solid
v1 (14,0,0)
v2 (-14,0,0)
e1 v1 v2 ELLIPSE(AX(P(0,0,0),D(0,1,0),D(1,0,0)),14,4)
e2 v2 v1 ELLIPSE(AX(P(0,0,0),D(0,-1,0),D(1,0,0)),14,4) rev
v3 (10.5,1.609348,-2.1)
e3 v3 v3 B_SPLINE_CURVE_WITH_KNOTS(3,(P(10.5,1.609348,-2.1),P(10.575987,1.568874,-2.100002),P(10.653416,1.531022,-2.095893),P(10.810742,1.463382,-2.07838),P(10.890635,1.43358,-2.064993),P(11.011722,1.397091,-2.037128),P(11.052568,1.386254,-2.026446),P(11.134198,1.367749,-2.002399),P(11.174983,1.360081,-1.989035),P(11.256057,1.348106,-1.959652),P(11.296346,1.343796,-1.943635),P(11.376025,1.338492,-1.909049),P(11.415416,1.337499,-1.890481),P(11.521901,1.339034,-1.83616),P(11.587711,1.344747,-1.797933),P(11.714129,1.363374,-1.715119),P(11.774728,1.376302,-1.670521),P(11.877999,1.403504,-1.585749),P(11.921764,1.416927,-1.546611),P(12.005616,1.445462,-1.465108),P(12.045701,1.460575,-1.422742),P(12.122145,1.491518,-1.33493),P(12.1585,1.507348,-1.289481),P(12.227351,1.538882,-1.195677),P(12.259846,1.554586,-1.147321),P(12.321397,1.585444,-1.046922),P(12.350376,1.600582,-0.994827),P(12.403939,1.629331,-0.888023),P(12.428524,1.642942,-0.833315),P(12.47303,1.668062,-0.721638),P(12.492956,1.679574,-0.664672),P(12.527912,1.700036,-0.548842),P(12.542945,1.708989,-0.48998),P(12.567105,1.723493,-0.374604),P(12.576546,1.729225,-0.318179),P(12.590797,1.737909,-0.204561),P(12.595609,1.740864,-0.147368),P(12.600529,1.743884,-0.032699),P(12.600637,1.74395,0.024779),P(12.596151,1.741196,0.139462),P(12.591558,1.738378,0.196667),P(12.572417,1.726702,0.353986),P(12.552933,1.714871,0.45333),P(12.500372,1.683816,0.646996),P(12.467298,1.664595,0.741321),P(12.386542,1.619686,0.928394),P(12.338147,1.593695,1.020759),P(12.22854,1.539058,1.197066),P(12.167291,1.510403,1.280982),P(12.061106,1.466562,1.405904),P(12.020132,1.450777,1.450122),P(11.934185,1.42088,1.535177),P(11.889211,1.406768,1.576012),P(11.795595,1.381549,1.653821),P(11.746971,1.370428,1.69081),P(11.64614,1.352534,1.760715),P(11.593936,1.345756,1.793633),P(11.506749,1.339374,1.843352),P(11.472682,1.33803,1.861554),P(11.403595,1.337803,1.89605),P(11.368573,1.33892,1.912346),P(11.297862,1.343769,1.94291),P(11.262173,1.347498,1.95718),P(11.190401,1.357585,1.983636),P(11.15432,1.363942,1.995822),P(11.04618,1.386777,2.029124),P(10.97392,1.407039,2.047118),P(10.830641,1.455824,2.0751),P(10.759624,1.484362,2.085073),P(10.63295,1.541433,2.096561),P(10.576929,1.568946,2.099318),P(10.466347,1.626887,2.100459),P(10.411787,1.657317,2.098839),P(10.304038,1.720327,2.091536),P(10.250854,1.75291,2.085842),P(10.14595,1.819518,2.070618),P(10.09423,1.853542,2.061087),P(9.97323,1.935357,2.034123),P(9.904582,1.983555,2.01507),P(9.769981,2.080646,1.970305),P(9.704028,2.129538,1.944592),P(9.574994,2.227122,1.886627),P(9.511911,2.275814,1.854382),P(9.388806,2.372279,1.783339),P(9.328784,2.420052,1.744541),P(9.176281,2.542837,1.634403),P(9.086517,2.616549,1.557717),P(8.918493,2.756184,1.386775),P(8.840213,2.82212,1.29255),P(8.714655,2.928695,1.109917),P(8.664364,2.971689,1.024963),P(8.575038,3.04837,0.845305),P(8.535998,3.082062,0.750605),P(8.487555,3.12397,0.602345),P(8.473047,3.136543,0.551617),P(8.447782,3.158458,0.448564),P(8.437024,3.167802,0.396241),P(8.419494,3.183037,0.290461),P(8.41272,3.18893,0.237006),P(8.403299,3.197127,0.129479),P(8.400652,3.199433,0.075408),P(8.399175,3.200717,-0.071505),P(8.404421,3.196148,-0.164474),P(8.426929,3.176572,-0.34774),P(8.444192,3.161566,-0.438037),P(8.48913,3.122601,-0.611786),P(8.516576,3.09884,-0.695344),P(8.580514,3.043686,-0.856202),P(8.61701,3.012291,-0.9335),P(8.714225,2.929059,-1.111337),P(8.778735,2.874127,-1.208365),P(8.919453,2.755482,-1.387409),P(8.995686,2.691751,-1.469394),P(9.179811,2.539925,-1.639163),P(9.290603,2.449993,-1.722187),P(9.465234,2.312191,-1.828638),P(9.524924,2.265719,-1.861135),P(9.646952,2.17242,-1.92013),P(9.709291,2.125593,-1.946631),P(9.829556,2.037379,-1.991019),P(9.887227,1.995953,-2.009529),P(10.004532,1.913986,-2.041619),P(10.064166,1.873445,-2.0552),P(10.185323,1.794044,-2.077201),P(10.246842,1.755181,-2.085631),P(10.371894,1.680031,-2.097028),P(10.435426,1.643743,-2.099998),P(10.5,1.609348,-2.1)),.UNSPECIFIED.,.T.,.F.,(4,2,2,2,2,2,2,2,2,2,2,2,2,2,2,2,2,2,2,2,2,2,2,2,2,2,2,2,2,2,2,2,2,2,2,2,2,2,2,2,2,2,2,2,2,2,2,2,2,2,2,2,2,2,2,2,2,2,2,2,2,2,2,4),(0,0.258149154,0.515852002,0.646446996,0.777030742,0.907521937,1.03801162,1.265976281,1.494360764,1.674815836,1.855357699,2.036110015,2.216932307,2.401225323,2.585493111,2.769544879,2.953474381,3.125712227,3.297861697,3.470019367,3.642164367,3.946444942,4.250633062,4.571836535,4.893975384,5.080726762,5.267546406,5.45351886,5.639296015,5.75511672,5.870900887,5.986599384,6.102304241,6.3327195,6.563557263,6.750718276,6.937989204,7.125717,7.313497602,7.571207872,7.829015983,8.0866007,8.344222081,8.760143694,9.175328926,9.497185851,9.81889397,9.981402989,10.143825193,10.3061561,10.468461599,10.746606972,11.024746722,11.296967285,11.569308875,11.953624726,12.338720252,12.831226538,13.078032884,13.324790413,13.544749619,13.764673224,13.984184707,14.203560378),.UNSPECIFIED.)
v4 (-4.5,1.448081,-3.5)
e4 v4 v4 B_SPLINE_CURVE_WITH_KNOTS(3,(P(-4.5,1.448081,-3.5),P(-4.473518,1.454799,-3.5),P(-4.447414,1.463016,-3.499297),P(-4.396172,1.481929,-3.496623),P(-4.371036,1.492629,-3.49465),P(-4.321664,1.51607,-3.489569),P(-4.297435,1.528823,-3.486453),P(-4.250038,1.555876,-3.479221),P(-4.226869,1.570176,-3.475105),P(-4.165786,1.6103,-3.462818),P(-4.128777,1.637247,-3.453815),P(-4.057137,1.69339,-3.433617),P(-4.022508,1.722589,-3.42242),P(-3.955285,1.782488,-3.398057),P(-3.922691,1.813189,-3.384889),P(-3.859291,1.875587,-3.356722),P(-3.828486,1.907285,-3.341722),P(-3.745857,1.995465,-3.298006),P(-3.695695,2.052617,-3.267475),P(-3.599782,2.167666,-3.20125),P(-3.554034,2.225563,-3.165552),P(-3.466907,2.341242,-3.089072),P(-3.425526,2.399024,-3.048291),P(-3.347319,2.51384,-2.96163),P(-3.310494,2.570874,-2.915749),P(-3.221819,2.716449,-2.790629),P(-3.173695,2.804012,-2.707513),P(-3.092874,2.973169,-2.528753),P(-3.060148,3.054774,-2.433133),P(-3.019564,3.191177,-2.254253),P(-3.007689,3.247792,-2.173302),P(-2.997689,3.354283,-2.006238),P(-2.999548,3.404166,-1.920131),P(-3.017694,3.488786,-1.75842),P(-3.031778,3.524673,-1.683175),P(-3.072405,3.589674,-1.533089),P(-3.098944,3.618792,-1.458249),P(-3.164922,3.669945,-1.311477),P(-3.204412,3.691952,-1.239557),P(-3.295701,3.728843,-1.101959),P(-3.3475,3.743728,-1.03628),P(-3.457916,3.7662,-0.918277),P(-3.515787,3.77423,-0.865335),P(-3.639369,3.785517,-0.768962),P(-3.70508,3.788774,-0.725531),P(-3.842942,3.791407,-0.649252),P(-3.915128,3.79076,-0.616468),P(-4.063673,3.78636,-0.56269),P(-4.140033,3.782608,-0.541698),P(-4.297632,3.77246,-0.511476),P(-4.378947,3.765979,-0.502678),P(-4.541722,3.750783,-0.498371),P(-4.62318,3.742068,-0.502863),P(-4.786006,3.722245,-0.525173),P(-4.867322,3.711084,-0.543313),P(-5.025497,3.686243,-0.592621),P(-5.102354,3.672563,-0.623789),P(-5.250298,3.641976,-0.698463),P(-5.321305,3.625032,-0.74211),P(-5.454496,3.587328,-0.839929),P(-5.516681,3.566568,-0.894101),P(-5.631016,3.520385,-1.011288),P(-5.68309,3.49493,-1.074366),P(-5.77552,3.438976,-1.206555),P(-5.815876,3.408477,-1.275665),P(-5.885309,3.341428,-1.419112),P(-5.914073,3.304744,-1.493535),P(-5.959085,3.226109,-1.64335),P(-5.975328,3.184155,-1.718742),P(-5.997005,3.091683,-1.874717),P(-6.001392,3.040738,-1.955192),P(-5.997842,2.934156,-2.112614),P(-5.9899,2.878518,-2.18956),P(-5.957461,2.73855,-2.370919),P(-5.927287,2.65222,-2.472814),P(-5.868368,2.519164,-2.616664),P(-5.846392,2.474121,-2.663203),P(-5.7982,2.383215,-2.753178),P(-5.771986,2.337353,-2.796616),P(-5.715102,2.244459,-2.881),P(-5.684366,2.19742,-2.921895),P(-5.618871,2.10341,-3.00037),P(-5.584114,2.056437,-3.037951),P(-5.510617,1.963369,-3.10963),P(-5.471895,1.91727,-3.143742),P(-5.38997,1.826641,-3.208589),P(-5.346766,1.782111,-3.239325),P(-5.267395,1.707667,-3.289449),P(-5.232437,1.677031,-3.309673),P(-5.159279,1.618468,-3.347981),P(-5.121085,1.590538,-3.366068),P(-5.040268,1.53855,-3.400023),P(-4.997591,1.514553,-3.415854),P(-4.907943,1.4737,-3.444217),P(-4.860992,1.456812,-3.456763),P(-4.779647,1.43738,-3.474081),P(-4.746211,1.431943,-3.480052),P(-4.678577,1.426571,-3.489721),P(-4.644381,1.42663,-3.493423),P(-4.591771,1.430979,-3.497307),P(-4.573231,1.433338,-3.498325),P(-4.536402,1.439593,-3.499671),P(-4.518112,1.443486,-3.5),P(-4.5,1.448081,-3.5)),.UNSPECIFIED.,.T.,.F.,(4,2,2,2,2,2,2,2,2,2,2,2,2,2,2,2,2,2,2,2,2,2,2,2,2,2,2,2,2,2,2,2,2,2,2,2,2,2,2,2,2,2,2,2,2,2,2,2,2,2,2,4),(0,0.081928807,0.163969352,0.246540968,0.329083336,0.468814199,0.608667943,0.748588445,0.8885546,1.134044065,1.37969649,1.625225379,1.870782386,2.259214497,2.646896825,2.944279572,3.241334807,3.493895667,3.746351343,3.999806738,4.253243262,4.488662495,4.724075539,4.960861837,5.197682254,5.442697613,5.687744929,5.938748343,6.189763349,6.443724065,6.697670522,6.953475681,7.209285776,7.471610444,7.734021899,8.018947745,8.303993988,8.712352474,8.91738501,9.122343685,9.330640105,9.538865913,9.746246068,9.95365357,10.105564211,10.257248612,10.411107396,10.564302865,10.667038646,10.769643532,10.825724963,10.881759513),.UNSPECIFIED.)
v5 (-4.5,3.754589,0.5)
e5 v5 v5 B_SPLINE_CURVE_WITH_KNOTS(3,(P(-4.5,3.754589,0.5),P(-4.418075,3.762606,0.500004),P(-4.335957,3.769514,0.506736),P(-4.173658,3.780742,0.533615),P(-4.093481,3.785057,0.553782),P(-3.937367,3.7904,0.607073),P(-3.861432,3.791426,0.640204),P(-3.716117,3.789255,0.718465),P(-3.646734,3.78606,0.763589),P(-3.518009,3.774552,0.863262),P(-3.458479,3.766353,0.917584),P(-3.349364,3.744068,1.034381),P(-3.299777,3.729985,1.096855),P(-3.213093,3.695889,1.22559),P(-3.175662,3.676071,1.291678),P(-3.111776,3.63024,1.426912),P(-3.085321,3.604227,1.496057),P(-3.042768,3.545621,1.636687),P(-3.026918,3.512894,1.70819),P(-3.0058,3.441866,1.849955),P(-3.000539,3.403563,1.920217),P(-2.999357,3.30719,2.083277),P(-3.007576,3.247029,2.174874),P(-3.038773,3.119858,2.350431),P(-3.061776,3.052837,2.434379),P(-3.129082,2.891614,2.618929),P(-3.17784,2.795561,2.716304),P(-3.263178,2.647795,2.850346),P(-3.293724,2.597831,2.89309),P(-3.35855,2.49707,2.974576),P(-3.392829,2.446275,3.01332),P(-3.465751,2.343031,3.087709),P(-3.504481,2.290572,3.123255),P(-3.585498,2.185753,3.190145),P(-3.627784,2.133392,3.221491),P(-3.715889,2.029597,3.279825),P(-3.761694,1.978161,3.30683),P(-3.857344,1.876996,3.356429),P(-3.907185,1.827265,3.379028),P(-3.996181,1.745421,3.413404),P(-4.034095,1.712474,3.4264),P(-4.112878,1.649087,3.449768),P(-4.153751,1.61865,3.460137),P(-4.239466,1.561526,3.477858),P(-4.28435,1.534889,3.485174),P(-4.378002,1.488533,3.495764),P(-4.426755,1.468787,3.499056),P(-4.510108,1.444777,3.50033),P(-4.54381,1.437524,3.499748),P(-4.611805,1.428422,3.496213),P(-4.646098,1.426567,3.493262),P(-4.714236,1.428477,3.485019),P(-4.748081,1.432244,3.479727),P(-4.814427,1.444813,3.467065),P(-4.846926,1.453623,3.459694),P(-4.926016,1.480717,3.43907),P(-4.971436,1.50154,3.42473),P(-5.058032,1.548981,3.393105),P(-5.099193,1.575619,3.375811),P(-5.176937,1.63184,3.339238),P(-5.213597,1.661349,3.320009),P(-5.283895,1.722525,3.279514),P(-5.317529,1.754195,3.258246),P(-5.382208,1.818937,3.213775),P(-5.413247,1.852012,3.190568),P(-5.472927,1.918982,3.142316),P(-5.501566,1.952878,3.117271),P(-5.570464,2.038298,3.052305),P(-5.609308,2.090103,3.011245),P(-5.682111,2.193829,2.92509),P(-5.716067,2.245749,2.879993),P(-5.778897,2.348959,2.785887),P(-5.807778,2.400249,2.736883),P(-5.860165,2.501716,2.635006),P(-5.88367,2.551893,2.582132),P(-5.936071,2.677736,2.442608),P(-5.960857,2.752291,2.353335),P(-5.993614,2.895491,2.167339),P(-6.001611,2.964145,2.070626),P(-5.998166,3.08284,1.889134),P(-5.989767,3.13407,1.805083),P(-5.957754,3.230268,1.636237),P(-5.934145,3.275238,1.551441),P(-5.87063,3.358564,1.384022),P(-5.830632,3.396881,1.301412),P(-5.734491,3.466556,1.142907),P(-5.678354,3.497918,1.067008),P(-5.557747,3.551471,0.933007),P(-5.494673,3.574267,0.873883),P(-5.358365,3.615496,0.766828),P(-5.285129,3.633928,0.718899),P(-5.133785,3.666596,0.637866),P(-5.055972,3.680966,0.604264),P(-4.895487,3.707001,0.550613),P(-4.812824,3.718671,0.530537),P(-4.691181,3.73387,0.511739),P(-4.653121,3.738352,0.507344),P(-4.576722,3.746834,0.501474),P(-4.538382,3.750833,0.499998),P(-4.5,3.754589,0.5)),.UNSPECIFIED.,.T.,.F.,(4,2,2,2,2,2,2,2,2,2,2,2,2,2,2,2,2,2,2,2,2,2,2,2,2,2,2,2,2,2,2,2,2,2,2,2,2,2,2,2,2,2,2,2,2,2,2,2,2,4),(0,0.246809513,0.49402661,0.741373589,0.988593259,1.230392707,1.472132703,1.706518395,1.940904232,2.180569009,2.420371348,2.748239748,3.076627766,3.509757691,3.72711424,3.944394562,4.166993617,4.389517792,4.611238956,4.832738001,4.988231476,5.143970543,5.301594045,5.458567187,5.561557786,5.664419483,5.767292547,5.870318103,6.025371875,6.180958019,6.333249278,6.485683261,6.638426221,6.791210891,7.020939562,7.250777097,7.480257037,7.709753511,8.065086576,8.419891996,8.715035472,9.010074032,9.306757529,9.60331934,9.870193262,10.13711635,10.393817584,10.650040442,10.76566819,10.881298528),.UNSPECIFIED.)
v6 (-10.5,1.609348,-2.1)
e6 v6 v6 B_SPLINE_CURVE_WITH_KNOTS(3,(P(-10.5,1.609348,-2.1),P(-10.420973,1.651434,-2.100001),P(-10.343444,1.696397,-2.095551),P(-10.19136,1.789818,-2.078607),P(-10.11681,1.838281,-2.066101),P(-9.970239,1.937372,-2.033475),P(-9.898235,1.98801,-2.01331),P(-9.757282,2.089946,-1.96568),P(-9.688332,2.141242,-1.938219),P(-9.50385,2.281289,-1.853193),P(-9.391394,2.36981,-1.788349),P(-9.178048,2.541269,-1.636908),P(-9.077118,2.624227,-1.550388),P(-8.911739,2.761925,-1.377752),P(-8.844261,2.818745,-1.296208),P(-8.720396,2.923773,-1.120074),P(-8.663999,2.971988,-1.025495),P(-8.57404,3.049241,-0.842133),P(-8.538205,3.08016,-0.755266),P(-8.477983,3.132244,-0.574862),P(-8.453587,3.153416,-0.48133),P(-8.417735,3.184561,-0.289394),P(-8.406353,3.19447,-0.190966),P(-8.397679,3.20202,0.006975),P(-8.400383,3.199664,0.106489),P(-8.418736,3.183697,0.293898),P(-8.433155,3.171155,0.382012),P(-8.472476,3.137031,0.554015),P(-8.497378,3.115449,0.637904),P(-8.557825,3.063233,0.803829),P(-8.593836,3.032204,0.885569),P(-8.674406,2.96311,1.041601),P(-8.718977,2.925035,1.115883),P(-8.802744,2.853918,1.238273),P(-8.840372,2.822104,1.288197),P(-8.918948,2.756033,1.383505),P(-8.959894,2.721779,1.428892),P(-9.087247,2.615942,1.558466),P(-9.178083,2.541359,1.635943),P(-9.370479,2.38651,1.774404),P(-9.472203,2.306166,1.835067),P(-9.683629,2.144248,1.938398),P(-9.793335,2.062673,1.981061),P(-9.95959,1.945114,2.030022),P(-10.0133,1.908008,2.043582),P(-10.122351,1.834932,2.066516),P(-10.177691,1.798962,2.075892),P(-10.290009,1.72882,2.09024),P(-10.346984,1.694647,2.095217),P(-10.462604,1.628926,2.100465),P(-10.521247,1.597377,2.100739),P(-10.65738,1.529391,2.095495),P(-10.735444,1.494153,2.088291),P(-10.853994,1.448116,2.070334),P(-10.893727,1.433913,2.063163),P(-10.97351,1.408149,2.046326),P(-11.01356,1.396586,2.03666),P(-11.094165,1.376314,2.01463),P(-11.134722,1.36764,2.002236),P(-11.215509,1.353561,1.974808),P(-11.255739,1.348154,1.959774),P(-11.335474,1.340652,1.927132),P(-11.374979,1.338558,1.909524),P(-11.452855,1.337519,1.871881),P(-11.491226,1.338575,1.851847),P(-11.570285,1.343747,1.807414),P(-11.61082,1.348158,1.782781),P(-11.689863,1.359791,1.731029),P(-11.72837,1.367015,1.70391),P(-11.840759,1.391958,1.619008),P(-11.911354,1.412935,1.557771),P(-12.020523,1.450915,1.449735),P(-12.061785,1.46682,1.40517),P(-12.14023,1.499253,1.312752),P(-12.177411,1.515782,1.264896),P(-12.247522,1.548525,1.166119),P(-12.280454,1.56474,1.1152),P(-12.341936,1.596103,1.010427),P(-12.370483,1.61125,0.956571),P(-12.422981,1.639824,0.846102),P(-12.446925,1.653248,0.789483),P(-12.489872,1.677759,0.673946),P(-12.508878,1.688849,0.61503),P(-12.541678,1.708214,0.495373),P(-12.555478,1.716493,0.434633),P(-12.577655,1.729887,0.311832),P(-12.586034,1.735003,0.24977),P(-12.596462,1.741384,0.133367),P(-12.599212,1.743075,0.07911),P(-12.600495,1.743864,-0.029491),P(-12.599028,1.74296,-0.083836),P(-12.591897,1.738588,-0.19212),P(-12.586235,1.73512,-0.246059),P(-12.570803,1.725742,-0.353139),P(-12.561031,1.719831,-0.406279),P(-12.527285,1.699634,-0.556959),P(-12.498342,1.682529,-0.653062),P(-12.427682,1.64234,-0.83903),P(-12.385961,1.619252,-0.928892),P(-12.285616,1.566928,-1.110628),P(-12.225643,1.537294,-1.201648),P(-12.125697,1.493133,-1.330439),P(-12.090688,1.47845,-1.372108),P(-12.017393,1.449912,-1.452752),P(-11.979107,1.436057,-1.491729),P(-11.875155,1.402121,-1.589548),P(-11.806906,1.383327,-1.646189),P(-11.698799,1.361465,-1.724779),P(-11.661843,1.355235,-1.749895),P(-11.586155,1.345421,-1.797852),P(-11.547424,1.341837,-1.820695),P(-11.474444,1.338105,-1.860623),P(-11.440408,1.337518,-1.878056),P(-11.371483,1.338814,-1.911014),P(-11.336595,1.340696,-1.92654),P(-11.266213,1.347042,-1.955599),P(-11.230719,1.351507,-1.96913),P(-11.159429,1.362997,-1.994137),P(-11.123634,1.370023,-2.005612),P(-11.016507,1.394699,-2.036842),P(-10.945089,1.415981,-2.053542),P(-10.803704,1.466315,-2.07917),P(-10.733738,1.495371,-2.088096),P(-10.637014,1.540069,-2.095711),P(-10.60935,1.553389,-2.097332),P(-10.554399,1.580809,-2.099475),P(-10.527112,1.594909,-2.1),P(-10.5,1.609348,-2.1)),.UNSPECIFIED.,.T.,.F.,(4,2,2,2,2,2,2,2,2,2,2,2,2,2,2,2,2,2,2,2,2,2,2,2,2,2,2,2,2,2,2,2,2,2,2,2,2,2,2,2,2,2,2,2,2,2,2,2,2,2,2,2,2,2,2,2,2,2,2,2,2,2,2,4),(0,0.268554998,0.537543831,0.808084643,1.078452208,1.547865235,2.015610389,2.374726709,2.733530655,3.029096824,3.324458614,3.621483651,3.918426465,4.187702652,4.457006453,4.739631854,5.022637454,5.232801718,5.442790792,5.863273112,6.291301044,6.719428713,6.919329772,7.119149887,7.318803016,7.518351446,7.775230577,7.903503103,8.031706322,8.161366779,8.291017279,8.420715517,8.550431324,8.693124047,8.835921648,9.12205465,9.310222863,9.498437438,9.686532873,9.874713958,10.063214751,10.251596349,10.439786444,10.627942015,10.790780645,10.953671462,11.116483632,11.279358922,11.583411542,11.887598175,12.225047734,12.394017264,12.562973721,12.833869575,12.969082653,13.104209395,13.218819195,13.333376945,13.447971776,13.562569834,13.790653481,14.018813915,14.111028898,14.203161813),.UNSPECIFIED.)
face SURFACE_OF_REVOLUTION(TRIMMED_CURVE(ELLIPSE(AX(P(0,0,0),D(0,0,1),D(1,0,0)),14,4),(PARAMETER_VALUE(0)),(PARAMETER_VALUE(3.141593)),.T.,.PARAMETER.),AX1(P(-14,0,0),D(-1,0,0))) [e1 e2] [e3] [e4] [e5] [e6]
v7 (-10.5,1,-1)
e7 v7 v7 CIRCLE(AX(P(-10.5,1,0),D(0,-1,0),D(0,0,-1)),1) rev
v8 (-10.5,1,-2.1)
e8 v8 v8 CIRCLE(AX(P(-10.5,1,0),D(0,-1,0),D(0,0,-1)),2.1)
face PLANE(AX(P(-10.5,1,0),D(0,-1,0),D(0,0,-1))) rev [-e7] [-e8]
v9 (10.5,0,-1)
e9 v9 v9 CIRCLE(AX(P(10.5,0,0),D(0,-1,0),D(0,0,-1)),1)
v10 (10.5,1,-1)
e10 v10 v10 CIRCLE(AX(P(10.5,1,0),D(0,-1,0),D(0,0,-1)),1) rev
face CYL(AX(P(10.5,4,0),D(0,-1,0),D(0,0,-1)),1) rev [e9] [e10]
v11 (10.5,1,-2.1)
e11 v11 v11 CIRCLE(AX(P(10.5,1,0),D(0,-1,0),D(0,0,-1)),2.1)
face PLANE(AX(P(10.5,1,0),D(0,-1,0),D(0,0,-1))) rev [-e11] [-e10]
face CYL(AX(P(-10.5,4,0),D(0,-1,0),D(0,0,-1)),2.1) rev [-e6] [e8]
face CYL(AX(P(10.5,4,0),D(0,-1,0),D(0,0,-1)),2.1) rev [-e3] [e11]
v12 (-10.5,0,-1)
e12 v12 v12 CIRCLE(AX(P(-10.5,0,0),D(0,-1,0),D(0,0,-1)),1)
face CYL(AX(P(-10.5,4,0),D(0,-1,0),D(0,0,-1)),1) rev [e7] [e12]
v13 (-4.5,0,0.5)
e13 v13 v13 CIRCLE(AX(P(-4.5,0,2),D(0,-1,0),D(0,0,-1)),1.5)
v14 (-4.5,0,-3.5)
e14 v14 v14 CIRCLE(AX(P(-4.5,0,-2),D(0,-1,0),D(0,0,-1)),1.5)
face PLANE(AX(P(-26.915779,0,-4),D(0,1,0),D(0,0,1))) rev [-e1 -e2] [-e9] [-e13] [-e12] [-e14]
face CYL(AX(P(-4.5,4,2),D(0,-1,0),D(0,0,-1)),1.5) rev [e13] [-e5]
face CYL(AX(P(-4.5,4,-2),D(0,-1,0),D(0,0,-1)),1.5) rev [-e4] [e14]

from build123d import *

# Parameters (mm, degrees)
SKETCH2_W               = 50.634745493
SKETCH2_H               = 13.07277583
CUT_EXTRUDE1_DEPTH      = 5.0000001
CUT_EXTRUDE1_DEPTH_BACK = 5.0000001
SKETCH3_R               = 1
CUT_EXTRUDE2_DEPTH      = 5.0000001
SKETCH4_R               = 2.1
CUT_EXTRUDE3_DEPTH      = 4.0000001
SKETCH5_R               = 1.5
CUT_EXTRUDE4_DEPTH      = 5.0000001


with BuildPart() as part:
    # Sketch1 → Revolve1 (revolve)
    with BuildSketch(Plane.XY):
        with BuildLine():
            Line((-14, 0), (14, 0))
            add(Edge.make_bspline(
                [(14, 0), (14, 4), (0, 4), (-14, 4), (-14, 0)],
                knots=[0, 0, 0, 1.570796327, 1.570796327, 3.141592654, 3.141592654, 3.141592654], degree=2, weights=[1, 0.707106781, 1, 0.707106781, 1]))
        make_face()
    revolve(axis=Axis((-14, 0, 0), (1, 0, 0)))

    # Sketch2 → Cut-Extrude1 (cut, two sides)
    with BuildSketch(Plane.XY) as cut_extrude1_sk:
        with Locations((-1.598405816, -6.536387915)):
            Rectangle(SKETCH2_W, SKETCH2_H)
    extrude(amount=CUT_EXTRUDE1_DEPTH, mode=Mode.SUBTRACT)
    extrude(cut_extrude1_sk.sketch, amount=-CUT_EXTRUDE1_DEPTH_BACK, mode=Mode.SUBTRACT)

    # Sketch3 → Cut-Extrude2 (cut, through all)
    with BuildSketch(Plane.XZ):
        with Locations((-10.5, 0)):
            Circle(SKETCH3_R)
        with Locations((10.5, 0)):
            Circle(SKETCH3_R)
    extrude(amount=-CUT_EXTRUDE2_DEPTH, mode=Mode.SUBTRACT)

    # Sketch4 → Cut-Extrude3 (cut, through all)
    with BuildSketch(Plane(origin=(0, 1, 0), x_dir=(-1, 0, 0), z_dir=(0, -1, 0))):
        with Locations((10.5, 0)):
            Circle(SKETCH4_R)
        with Locations((-10.5, 0)):
            Circle(SKETCH4_R)
    extrude(amount=-CUT_EXTRUDE3_DEPTH, mode=Mode.SUBTRACT)

    # Sketch5 → Cut-Extrude4 (cut, through all)
    with BuildSketch(Plane.XZ):
        with Locations((-4.5, 2)):
            Circle(SKETCH5_R)
        with Locations((-4.5, -2)):
            Circle(SKETCH5_R)
    extrude(amount=-CUT_EXTRUDE4_DEPTH, mode=Mode.SUBTRACT)


solid = part.part
